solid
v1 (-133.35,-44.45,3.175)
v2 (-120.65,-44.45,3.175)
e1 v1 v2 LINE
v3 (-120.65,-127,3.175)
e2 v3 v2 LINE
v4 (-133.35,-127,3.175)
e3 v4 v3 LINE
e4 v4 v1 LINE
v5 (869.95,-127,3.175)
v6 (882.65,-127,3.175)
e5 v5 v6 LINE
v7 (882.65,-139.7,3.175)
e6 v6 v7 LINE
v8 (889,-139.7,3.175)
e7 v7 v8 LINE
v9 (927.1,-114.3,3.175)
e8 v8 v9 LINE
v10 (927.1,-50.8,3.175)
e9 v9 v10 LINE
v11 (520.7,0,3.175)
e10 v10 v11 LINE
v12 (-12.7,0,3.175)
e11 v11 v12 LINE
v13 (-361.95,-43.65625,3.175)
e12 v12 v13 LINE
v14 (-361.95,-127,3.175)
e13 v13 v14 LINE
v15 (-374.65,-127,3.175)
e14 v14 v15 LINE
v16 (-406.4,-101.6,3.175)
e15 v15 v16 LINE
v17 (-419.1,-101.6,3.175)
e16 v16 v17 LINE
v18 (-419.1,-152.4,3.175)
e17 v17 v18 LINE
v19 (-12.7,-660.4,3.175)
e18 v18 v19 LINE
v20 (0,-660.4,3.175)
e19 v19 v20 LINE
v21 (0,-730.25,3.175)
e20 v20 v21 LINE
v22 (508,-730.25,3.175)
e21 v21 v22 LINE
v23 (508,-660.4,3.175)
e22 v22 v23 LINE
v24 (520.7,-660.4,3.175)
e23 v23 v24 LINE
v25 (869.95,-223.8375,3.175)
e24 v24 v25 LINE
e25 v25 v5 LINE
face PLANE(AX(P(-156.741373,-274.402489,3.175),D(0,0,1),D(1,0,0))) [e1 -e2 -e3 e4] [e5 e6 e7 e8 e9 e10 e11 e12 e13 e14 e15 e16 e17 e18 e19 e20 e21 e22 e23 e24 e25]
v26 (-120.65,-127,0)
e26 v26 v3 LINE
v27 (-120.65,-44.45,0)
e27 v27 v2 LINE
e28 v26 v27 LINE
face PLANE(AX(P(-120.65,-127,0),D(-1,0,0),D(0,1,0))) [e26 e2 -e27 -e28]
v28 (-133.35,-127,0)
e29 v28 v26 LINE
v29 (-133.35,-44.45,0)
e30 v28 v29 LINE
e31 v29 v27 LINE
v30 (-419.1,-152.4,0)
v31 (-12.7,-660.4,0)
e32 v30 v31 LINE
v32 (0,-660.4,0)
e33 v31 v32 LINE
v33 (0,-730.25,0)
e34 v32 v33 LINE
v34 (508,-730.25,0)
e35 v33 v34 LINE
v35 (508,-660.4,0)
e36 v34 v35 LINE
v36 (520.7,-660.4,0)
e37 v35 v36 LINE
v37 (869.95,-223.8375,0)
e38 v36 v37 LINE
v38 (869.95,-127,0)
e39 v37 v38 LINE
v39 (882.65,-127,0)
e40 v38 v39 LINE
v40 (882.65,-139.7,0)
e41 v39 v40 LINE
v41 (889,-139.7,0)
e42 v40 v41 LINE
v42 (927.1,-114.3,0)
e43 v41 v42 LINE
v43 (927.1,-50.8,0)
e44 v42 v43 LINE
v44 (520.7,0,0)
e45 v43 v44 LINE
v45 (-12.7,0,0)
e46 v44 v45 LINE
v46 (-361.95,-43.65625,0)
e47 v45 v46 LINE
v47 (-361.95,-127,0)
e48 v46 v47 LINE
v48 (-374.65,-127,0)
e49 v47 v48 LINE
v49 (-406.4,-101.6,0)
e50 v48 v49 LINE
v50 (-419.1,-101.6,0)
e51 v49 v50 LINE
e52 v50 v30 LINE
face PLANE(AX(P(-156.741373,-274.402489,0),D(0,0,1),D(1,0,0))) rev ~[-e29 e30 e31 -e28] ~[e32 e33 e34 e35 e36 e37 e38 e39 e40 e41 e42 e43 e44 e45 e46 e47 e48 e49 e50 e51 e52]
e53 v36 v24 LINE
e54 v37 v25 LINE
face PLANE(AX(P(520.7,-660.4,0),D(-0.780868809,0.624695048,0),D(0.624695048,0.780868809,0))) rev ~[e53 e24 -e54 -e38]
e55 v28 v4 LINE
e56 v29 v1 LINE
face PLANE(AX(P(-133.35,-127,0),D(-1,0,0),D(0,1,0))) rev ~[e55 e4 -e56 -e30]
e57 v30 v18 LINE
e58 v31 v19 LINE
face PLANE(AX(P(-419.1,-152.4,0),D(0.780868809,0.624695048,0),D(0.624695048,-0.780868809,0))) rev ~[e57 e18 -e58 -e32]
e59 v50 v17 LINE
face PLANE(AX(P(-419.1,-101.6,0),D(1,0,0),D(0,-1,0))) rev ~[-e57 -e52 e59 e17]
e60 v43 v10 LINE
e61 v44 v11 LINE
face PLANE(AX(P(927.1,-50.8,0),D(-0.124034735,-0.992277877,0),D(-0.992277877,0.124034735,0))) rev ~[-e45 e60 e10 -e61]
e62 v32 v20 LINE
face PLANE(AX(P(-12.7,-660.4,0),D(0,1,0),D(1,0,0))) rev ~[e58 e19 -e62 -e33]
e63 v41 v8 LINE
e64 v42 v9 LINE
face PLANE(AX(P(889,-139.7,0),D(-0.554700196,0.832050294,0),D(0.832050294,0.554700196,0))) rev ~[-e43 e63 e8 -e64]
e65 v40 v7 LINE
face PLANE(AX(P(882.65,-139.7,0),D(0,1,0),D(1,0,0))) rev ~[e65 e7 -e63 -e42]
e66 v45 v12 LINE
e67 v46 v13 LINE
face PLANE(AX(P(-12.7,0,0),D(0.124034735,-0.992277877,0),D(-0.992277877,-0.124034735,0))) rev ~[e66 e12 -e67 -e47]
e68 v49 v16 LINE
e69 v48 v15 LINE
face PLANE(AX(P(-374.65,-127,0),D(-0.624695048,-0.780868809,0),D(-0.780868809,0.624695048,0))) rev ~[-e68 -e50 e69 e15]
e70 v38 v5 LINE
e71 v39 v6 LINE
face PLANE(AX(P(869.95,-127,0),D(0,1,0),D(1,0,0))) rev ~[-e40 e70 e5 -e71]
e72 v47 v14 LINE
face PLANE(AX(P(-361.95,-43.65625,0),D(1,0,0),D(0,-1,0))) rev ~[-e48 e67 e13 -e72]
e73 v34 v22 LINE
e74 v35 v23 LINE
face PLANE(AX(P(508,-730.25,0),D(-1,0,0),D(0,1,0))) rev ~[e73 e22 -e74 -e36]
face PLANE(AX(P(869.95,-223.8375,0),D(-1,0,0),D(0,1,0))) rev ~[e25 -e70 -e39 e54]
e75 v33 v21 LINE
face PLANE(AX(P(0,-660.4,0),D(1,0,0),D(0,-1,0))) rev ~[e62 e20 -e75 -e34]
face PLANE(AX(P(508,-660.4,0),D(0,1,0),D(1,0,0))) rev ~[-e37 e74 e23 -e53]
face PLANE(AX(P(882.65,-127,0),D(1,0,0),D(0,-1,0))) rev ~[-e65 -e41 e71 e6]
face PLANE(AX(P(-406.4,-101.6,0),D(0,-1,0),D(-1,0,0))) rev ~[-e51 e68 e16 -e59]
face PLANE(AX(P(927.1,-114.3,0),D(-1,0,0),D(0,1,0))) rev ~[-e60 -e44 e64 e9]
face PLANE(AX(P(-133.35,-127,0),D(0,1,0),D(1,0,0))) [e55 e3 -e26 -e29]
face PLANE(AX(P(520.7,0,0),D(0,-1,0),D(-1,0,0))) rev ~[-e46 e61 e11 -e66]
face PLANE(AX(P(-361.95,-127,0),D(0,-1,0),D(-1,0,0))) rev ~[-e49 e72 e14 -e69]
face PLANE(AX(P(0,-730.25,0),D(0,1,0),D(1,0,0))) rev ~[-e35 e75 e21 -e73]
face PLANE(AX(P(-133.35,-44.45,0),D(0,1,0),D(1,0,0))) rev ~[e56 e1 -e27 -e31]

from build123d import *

# Parameters (mm, degrees)
F0_W     = 12.7
F0_H     = 82.55
F0_W_2   = 508
F0_H_2   = 660.4
F0_H_3   = 69.85
F1_DEPTH = 3.175


with BuildPart() as f1:
    # F0 (on Top) → F1 (new body)
    with BuildSketch(Plane.XY):
        Polygon((-419.1, -152.4), (-12.7, -660.4), (-12.7, 0), (-361.95, -43.65625), (-361.95, -127), (-374.65, -127), (-406.4, -101.6), (-419.1, -101.6), align=None)
        with Locations((-127, -85.725)):
            Rectangle(F0_W, F0_H, mode=Mode.SUBTRACT)
        with Locations((254, -330.2)):
            Rectangle(F0_W_2, F0_H_2)
        with Locations((254, -695.325)):
            Rectangle(F0_W_2, F0_H_3)
        Polygon((520.7, 0), (520.7, -660.4), (869.95, -223.8375), (869.95, -127), (882.65, -127), (882.65, -139.7), (889, -139.7), (927.1, -114.3), (927.1, -50.8), align=None)
        with Locations((514.35, -330.2)):
            Rectangle(F0_W, F0_H_2)
        with Locations((-6.35, -330.2)):
            Rectangle(F0_W, F0_H_2)
    extrude(amount=F1_DEPTH)


solid = f1.part
